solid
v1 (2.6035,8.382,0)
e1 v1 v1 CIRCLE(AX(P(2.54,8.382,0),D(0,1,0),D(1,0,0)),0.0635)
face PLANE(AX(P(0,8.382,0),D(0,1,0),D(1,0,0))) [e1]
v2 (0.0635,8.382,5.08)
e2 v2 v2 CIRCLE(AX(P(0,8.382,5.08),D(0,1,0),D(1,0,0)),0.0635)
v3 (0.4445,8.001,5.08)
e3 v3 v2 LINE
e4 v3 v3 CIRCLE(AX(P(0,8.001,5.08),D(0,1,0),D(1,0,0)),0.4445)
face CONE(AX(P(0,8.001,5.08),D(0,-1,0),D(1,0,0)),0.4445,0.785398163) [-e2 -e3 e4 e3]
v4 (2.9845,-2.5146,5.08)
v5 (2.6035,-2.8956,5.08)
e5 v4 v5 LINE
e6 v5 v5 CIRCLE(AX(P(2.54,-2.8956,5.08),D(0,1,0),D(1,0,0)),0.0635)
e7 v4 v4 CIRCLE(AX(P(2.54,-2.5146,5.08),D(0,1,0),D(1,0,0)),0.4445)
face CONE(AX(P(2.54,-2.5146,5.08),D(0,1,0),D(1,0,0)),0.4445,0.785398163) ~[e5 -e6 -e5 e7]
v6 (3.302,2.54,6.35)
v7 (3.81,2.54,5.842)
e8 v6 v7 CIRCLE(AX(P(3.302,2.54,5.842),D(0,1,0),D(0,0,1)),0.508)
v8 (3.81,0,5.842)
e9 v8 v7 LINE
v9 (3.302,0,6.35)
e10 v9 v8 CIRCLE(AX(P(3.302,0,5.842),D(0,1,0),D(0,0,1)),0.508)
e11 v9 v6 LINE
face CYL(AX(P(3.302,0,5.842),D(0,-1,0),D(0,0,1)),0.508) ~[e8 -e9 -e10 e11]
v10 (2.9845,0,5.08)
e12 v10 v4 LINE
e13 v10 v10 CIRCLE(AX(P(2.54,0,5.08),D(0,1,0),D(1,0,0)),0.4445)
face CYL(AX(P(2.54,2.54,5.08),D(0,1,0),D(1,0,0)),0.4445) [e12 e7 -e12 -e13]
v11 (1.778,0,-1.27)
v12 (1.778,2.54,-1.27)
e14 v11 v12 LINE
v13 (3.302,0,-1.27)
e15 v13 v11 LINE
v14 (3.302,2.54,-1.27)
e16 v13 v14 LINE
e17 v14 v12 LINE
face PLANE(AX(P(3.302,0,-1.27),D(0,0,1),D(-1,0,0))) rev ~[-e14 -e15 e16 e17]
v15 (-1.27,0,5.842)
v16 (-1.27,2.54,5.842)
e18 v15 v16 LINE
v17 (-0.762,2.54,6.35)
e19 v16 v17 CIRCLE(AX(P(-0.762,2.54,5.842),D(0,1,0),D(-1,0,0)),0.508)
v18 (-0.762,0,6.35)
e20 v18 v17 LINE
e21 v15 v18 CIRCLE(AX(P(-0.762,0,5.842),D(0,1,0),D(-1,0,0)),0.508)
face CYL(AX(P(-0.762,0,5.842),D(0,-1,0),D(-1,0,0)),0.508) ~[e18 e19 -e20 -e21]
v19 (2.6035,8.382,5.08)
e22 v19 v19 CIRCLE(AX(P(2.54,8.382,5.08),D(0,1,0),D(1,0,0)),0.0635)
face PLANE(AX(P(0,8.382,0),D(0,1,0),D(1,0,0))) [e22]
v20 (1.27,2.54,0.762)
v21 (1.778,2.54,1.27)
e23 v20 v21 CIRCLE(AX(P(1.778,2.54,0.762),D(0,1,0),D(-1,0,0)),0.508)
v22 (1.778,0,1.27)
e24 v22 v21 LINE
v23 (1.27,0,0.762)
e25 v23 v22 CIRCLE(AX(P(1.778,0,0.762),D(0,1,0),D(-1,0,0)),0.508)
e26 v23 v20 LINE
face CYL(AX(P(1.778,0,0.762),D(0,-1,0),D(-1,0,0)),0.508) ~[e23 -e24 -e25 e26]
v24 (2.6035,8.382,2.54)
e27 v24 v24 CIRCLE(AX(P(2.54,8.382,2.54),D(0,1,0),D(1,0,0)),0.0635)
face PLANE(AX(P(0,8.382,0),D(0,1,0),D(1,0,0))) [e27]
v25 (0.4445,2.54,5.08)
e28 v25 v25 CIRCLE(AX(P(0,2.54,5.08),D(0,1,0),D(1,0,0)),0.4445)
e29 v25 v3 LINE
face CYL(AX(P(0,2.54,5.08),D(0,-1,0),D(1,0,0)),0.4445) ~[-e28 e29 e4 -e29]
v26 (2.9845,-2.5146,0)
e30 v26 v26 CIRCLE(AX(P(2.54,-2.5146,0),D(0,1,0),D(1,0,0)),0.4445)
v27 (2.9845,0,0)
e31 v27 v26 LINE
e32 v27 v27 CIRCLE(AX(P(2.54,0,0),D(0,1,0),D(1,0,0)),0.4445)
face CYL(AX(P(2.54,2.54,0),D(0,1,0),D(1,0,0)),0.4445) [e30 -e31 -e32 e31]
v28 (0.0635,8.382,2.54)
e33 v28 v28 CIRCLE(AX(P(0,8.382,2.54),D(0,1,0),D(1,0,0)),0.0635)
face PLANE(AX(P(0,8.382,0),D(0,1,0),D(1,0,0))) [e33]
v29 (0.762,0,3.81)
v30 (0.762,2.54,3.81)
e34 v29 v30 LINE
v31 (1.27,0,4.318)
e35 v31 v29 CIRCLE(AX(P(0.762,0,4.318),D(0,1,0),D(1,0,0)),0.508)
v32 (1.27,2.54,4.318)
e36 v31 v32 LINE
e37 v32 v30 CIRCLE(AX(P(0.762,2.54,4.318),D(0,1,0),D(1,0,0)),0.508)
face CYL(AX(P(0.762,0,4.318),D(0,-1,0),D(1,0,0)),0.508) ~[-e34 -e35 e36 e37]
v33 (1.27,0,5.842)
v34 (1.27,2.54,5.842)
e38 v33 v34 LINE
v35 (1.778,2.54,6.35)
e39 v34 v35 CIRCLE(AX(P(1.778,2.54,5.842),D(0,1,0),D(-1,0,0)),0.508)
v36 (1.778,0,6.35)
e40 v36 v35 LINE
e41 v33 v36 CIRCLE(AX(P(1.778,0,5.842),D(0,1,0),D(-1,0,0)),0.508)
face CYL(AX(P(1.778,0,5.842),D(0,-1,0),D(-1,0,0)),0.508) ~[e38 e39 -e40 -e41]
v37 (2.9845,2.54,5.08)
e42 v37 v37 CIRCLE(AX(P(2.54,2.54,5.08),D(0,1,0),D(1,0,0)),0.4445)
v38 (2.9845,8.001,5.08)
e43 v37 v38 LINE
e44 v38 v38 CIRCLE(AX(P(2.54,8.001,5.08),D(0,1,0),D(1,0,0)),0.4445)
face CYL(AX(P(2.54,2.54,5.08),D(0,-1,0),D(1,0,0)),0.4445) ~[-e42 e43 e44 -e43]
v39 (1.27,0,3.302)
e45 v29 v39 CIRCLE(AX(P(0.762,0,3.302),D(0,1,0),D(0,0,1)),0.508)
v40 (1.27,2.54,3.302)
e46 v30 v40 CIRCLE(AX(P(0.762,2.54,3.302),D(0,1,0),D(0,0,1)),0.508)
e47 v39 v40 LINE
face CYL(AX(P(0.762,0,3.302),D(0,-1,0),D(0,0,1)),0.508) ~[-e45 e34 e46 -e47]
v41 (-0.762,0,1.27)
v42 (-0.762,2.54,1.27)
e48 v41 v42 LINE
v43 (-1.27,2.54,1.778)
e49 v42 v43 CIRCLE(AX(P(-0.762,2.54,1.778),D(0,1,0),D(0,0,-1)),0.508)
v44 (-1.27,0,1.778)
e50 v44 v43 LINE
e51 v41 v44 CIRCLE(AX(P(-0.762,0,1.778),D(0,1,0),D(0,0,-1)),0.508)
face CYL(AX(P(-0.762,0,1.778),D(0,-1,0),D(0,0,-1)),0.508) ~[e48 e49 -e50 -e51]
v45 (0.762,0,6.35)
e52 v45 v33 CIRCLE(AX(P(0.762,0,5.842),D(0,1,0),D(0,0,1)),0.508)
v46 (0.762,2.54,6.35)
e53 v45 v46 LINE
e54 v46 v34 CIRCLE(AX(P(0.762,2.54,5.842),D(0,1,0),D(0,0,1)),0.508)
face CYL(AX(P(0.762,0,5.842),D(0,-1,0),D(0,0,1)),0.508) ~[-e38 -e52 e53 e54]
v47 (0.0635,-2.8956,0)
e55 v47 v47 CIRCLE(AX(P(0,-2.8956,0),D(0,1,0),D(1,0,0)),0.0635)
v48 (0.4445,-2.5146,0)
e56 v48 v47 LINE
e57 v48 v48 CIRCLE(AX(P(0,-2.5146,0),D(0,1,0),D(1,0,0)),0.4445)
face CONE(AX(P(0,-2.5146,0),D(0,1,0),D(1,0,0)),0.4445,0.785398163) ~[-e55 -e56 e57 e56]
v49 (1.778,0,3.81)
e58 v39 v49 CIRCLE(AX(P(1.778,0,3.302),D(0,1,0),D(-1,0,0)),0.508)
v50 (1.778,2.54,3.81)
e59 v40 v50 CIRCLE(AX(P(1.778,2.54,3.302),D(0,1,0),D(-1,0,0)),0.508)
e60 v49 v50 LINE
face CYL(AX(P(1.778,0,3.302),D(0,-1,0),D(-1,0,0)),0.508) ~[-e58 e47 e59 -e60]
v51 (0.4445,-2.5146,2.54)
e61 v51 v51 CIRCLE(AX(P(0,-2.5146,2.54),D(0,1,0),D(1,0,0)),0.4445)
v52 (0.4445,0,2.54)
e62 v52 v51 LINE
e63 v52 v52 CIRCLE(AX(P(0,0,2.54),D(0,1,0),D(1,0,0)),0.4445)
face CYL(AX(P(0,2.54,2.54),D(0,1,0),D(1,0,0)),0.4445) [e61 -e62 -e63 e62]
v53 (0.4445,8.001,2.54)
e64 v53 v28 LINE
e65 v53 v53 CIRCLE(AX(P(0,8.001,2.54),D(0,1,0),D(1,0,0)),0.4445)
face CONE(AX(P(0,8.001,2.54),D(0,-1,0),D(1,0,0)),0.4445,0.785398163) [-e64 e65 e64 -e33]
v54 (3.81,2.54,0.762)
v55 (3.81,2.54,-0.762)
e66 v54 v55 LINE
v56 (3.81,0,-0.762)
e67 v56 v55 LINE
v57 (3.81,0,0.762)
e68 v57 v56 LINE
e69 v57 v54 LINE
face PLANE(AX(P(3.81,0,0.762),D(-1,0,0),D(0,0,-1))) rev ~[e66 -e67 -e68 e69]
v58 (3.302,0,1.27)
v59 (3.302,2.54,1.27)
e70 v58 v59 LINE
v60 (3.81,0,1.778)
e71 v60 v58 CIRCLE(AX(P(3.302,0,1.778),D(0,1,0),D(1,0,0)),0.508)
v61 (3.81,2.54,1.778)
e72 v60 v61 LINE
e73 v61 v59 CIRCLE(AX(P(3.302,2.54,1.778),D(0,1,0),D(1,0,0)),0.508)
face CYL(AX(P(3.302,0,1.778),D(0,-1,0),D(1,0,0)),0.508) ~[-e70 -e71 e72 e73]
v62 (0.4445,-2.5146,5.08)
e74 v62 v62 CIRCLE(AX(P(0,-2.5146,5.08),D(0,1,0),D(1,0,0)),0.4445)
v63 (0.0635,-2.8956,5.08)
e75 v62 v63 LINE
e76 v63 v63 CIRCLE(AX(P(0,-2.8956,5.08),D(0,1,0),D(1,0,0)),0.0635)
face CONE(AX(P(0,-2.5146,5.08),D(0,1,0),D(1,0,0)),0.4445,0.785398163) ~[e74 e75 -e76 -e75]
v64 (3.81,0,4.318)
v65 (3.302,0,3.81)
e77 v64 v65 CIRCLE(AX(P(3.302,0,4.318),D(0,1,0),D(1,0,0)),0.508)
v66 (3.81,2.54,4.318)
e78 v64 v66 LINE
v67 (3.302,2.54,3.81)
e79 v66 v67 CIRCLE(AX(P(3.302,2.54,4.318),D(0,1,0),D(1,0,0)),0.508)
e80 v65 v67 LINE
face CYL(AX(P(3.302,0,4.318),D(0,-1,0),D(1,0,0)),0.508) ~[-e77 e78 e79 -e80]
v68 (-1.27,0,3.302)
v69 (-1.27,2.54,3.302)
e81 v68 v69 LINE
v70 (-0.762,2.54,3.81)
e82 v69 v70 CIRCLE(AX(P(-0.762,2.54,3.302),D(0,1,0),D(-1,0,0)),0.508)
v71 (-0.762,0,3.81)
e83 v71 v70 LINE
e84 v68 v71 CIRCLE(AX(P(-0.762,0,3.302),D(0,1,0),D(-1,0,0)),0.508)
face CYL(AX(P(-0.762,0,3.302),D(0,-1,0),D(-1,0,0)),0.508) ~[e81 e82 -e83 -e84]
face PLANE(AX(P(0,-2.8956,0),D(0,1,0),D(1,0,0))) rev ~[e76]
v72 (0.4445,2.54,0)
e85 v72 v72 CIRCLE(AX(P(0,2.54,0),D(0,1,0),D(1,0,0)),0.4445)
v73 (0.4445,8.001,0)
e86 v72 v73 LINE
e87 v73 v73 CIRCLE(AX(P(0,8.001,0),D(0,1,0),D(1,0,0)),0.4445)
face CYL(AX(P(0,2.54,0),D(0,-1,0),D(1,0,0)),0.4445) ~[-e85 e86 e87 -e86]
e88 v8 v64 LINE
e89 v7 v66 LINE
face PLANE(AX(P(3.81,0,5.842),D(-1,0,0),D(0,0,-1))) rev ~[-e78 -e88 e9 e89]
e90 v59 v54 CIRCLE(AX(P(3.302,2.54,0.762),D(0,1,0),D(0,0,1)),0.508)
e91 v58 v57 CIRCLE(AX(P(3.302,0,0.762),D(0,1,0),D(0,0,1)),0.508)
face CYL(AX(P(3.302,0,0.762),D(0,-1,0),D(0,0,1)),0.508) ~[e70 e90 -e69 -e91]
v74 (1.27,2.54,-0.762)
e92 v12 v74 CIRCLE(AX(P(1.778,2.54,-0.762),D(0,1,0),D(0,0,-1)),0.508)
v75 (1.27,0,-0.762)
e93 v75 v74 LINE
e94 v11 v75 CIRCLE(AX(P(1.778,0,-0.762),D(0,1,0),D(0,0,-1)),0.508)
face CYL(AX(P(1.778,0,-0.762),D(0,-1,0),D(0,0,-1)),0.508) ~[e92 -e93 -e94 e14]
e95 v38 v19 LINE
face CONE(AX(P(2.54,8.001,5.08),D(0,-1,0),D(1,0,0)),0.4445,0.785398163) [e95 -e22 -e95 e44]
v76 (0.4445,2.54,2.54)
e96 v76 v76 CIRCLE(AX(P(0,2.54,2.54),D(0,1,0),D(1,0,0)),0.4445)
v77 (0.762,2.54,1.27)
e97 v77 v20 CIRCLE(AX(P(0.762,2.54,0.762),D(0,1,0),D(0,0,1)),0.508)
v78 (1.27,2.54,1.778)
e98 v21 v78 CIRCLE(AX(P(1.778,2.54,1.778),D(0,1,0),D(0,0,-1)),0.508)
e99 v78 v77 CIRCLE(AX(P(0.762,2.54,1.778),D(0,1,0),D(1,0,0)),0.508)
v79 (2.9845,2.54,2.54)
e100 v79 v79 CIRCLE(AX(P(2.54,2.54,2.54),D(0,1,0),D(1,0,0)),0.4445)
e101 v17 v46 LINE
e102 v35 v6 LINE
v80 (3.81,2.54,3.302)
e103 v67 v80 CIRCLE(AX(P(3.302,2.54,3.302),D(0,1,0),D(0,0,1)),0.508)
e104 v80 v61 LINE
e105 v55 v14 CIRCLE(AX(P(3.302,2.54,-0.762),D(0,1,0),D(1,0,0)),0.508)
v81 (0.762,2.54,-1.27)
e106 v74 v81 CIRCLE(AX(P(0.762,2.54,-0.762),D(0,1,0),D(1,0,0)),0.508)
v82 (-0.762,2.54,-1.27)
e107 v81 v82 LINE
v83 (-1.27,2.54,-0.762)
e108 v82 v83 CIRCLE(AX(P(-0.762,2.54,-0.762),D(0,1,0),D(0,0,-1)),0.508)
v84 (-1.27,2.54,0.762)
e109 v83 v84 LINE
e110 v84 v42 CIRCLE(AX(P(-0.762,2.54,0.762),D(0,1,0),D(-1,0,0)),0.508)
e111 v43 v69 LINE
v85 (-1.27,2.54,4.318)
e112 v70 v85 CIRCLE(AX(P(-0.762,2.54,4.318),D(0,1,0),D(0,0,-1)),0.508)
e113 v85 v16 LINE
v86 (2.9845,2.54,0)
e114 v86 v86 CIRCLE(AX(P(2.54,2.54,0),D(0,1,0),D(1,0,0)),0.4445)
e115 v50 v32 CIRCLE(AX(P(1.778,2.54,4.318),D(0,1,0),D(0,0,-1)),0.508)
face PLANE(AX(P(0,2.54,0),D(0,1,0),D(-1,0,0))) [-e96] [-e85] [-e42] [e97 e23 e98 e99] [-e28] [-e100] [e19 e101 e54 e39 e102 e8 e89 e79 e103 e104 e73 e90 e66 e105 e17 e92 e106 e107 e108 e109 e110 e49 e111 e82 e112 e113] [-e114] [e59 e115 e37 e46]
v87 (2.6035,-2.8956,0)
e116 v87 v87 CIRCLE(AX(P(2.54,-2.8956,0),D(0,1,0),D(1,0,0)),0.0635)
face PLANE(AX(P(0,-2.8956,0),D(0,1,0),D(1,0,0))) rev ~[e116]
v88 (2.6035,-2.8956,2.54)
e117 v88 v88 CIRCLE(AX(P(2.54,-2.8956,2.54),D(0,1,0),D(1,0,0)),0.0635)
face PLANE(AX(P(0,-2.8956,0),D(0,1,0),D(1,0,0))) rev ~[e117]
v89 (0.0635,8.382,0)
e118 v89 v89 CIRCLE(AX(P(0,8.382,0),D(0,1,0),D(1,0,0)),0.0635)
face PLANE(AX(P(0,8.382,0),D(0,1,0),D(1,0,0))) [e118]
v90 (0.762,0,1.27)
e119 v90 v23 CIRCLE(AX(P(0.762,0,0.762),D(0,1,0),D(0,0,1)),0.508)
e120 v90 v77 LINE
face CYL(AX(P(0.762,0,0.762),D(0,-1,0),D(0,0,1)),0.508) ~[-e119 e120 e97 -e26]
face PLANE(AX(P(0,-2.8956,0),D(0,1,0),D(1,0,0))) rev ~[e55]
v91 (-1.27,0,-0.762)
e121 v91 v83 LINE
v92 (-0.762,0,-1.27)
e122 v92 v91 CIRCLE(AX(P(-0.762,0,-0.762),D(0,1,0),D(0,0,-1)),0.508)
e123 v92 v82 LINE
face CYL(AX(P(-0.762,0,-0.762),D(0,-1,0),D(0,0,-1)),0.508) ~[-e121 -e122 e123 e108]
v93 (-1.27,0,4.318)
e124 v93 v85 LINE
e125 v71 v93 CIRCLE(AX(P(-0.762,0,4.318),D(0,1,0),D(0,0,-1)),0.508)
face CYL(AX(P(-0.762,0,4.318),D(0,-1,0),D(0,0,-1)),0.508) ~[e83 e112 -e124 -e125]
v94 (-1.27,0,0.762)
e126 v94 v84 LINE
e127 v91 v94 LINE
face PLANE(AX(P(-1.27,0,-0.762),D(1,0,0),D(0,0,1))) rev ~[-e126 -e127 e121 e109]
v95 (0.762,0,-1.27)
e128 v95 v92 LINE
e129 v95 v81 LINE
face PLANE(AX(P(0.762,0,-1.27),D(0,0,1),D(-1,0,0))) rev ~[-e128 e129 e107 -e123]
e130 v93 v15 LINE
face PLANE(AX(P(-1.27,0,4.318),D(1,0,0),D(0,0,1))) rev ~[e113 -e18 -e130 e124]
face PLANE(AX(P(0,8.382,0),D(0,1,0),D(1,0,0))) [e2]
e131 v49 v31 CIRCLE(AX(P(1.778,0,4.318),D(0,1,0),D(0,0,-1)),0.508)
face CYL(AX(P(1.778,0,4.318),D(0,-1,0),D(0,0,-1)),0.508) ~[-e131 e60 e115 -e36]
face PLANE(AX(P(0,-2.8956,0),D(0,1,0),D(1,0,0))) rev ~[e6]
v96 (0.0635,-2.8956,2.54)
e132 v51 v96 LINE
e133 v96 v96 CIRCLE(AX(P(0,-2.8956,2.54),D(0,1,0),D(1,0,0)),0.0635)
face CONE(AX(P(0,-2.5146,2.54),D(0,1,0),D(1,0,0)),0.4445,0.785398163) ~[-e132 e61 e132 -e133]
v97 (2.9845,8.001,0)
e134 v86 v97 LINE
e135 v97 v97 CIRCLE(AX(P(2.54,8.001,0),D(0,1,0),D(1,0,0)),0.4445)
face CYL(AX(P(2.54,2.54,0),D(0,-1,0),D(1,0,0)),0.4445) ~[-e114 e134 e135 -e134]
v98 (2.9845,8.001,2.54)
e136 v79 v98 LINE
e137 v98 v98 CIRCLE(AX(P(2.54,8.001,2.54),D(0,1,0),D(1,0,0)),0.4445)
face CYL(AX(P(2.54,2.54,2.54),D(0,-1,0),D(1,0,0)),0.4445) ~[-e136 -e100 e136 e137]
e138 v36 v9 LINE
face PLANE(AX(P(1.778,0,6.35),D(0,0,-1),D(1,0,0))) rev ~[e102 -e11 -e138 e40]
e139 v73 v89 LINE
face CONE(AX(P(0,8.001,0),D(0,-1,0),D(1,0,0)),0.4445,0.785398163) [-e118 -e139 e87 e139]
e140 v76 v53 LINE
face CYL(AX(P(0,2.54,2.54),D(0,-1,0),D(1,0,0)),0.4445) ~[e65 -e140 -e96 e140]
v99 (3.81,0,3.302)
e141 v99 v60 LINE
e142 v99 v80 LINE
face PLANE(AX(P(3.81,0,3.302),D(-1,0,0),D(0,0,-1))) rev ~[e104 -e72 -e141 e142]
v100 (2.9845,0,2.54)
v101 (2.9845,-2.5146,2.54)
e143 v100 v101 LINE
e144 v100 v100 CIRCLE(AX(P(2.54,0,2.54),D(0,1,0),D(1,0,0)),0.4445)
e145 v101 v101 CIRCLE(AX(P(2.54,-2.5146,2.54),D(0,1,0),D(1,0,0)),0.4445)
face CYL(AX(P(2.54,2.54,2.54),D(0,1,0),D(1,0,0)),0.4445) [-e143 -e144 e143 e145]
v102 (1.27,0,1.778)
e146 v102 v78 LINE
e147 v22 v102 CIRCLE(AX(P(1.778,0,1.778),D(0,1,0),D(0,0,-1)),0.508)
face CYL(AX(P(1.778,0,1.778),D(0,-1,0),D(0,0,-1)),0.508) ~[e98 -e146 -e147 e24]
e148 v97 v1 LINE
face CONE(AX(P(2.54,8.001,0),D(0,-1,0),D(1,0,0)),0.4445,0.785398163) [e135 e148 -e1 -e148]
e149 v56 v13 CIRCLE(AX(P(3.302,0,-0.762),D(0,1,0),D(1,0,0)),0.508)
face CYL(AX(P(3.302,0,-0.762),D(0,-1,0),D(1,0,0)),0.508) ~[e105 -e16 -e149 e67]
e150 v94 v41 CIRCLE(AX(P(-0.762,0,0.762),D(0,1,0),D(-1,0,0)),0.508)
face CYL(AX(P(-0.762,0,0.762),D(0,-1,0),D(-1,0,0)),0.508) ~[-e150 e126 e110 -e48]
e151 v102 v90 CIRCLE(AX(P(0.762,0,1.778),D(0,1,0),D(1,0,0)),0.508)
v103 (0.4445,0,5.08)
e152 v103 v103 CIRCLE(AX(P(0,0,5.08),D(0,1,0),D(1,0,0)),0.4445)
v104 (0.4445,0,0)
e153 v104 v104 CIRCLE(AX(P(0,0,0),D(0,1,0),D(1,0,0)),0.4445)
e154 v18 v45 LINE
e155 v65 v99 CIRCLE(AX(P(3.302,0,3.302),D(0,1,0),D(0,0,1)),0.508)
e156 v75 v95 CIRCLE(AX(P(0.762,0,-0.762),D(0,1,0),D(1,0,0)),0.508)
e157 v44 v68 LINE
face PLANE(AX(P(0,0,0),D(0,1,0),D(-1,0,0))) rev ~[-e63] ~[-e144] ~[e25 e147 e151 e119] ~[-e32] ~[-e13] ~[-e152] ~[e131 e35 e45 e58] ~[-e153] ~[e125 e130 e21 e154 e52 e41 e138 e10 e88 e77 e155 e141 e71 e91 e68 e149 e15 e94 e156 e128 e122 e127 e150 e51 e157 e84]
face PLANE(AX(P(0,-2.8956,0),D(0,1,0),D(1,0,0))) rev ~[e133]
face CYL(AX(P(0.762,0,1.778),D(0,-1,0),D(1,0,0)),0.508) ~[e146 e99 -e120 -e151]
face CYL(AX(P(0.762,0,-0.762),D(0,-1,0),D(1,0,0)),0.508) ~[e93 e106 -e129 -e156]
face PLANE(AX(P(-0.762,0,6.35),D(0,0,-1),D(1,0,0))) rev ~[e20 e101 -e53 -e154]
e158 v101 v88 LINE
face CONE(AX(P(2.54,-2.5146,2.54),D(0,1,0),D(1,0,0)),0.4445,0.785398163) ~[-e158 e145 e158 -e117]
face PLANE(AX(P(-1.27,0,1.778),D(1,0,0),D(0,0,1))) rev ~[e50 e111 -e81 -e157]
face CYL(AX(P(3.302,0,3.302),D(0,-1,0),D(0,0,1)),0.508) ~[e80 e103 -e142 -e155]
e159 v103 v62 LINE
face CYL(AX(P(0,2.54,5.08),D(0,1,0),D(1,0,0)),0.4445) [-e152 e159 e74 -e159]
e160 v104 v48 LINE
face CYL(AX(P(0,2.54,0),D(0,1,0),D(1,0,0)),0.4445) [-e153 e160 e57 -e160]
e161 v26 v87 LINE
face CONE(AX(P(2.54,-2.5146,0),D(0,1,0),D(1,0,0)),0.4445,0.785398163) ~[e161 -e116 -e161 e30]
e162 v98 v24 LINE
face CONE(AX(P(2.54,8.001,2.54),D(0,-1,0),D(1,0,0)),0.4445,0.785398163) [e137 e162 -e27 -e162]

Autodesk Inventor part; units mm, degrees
ref_plane "YZ Plane" through (0, 0, 0) normal (1, 0, 0) x (0, 1, 0)
ref_plane "XZ Plane" through (0, 0, 0) normal (0, 1, 0) x (-1, 0, 0)
ref_plane "XY Plane" through (0, 0, 0) normal (0, 0, 1) x (1, 0, 0)
sketch "Sketch1" plane through (0, 0, 0) normal (0, 1, 0) x (-1, 0, 0)
  line L0 (-1.778, 6.35) -> (-3.302, 6.35)
  arc A0 (-3.302, 6.35) -> (-3.81, 5.842) centre (-3.302, 5.842) ccw
  line L1 (-3.81, 5.842) -> (-3.81, 4.318)
  arc A1 (-3.81, 4.318) -> (-3.302, 3.81) centre (-3.302, 4.318) ccw
  arc A2 (-3.302, 3.81) -> (-3.81, 3.302) centre (-3.302, 3.302) ccw
  line L2 (-3.81, 3.302) -> (-3.81, 1.778)
  arc A3 (-3.81, 1.778) -> (-3.302, 1.27) centre (-3.302, 1.778) ccw
  arc A4 (-3.302, 1.27) -> (-3.81, 0.762) centre (-3.302, 0.762) ccw
  line L3 (-3.81, 0.762) -> (-3.81, -0.762)
  arc A5 (-3.81, -0.762) -> (-3.302, -1.27) centre (-3.302, -0.762) ccw
  line L4 (-3.302, -1.27) -> (-1.778, -1.27)
  arc A6 (-1.778, -1.27) -> (-1.27, -0.762) centre (-1.778, -0.762) ccw
  arc A7 (-1.27, -0.762) -> (-0.762, -1.27) centre (-0.762, -0.762) ccw
  line L5 (-0.762, -1.27) -> (0.762, -1.27)
  arc A8 (0.762, -1.27) -> (1.27, -0.762) centre (0.762, -0.762) ccw
  line L6 (1.27, -0.762) -> (1.27, 0.762)
  arc A9 (1.27, 0.762) -> (0.762, 1.27) centre (0.762, 0.762) ccw
  arc A10 (0.762, 1.27) -> (1.27, 1.778) centre (0.762, 1.778) ccw
  line L7 (1.27, 1.778) -> (1.27, 3.302)
  arc A11 (1.27, 3.302) -> (0.762, 3.81) centre (0.762, 3.302) ccw
  arc A12 (0.762, 3.81) -> (1.27, 4.318) centre (0.762, 4.318) ccw
  line L8 (1.27, 4.318) -> (1.27, 5.842)
  arc A13 (1.27, 5.842) -> (0.762, 6.35) centre (0.762, 5.842) ccw
  line L9 (0.762, 6.35) -> (-0.762, 6.35)
  arc A14 (-0.762, 6.35) -> (-1.27, 5.842) centre (-0.762, 5.842) ccw
  arc A15 (-1.27, 5.842) -> (-1.778, 6.35) centre (-1.778, 5.842) ccw
  arc A16 (-1.27, 0.762) -> (-1.778, 1.27) centre (-1.778, 0.762) ccw
  arc A17 (-1.778, 1.27) -> (-1.27, 1.778) centre (-1.778, 1.778) ccw
  arc A18 (-1.27, 1.778) -> (-0.762, 1.27) centre (-0.762, 1.778) ccw
  arc A19 (-0.762, 1.27) -> (-1.27, 0.762) centre (-0.762, 0.762) ccw
  arc A20 (-1.27, 3.302) -> (-1.778, 3.81) centre (-1.778, 3.302) ccw
  arc A21 (-1.778, 3.81) -> (-1.27, 4.318) centre (-1.778, 4.318) ccw
  arc A22 (-1.27, 4.318) -> (-0.762, 3.81) centre (-0.762, 4.318) ccw
  arc A23 (-0.762, 3.81) -> (-1.27, 3.302) centre (-0.762, 3.302) ccw
extrude "Extrusion1" add sketch "Sketch1" along normal blind 2.54
sketch "Sketch2" plane through (0, 2.54, 0) normal (0, 1, 0) x (1, 0, 0)
  circle A0 centre (0, 0) radius 0.4445
  line L0 (0.762, 1.27) -> (-0.762, 1.27) construction
  line L1 (-1.27, 0.762) -> (-1.27, -0.762) construction
  circle A1 centre (2.54, 0) radius 0.4445
  circle A2 centre (0, -2.54) radius 0.4445
  circle A3 centre (2.54, -2.54) radius 0.4445
  circle A4 centre (0, -5.08) radius 0.4445
  circle A5 centre (2.54, -5.08) radius 0.4445
  dimension "d2" = 0.889
  dimension "d5" = 2.54
  dimension "d8" = 2.54
extrude "Extrusion2" add sketch "Sketch2" along normal blind 5.842 and the other way blind 5.4356
chamfer "Chamfer1" distance 0.381 angle 45 12 edges at (2.0955, 8.382, 5.08) (-0.4445, 8.382, 5.08) (2.0955, 8.382, 2.54) (-0.4445, 8.382, 2.54) (2.0955, 8.382, 0) (-0.4445, 8.382, 0) (2.0955, -2.8956, 5.08) (2.0955, -2.8956, 2.54) (2.0955, -2.8956, 0) (-0.4445, -2.8956, 0) (-0.4445, -2.8956, 2.54) (-0.4445, -2.8956, 5.08)
properties part number "2x3 header"
